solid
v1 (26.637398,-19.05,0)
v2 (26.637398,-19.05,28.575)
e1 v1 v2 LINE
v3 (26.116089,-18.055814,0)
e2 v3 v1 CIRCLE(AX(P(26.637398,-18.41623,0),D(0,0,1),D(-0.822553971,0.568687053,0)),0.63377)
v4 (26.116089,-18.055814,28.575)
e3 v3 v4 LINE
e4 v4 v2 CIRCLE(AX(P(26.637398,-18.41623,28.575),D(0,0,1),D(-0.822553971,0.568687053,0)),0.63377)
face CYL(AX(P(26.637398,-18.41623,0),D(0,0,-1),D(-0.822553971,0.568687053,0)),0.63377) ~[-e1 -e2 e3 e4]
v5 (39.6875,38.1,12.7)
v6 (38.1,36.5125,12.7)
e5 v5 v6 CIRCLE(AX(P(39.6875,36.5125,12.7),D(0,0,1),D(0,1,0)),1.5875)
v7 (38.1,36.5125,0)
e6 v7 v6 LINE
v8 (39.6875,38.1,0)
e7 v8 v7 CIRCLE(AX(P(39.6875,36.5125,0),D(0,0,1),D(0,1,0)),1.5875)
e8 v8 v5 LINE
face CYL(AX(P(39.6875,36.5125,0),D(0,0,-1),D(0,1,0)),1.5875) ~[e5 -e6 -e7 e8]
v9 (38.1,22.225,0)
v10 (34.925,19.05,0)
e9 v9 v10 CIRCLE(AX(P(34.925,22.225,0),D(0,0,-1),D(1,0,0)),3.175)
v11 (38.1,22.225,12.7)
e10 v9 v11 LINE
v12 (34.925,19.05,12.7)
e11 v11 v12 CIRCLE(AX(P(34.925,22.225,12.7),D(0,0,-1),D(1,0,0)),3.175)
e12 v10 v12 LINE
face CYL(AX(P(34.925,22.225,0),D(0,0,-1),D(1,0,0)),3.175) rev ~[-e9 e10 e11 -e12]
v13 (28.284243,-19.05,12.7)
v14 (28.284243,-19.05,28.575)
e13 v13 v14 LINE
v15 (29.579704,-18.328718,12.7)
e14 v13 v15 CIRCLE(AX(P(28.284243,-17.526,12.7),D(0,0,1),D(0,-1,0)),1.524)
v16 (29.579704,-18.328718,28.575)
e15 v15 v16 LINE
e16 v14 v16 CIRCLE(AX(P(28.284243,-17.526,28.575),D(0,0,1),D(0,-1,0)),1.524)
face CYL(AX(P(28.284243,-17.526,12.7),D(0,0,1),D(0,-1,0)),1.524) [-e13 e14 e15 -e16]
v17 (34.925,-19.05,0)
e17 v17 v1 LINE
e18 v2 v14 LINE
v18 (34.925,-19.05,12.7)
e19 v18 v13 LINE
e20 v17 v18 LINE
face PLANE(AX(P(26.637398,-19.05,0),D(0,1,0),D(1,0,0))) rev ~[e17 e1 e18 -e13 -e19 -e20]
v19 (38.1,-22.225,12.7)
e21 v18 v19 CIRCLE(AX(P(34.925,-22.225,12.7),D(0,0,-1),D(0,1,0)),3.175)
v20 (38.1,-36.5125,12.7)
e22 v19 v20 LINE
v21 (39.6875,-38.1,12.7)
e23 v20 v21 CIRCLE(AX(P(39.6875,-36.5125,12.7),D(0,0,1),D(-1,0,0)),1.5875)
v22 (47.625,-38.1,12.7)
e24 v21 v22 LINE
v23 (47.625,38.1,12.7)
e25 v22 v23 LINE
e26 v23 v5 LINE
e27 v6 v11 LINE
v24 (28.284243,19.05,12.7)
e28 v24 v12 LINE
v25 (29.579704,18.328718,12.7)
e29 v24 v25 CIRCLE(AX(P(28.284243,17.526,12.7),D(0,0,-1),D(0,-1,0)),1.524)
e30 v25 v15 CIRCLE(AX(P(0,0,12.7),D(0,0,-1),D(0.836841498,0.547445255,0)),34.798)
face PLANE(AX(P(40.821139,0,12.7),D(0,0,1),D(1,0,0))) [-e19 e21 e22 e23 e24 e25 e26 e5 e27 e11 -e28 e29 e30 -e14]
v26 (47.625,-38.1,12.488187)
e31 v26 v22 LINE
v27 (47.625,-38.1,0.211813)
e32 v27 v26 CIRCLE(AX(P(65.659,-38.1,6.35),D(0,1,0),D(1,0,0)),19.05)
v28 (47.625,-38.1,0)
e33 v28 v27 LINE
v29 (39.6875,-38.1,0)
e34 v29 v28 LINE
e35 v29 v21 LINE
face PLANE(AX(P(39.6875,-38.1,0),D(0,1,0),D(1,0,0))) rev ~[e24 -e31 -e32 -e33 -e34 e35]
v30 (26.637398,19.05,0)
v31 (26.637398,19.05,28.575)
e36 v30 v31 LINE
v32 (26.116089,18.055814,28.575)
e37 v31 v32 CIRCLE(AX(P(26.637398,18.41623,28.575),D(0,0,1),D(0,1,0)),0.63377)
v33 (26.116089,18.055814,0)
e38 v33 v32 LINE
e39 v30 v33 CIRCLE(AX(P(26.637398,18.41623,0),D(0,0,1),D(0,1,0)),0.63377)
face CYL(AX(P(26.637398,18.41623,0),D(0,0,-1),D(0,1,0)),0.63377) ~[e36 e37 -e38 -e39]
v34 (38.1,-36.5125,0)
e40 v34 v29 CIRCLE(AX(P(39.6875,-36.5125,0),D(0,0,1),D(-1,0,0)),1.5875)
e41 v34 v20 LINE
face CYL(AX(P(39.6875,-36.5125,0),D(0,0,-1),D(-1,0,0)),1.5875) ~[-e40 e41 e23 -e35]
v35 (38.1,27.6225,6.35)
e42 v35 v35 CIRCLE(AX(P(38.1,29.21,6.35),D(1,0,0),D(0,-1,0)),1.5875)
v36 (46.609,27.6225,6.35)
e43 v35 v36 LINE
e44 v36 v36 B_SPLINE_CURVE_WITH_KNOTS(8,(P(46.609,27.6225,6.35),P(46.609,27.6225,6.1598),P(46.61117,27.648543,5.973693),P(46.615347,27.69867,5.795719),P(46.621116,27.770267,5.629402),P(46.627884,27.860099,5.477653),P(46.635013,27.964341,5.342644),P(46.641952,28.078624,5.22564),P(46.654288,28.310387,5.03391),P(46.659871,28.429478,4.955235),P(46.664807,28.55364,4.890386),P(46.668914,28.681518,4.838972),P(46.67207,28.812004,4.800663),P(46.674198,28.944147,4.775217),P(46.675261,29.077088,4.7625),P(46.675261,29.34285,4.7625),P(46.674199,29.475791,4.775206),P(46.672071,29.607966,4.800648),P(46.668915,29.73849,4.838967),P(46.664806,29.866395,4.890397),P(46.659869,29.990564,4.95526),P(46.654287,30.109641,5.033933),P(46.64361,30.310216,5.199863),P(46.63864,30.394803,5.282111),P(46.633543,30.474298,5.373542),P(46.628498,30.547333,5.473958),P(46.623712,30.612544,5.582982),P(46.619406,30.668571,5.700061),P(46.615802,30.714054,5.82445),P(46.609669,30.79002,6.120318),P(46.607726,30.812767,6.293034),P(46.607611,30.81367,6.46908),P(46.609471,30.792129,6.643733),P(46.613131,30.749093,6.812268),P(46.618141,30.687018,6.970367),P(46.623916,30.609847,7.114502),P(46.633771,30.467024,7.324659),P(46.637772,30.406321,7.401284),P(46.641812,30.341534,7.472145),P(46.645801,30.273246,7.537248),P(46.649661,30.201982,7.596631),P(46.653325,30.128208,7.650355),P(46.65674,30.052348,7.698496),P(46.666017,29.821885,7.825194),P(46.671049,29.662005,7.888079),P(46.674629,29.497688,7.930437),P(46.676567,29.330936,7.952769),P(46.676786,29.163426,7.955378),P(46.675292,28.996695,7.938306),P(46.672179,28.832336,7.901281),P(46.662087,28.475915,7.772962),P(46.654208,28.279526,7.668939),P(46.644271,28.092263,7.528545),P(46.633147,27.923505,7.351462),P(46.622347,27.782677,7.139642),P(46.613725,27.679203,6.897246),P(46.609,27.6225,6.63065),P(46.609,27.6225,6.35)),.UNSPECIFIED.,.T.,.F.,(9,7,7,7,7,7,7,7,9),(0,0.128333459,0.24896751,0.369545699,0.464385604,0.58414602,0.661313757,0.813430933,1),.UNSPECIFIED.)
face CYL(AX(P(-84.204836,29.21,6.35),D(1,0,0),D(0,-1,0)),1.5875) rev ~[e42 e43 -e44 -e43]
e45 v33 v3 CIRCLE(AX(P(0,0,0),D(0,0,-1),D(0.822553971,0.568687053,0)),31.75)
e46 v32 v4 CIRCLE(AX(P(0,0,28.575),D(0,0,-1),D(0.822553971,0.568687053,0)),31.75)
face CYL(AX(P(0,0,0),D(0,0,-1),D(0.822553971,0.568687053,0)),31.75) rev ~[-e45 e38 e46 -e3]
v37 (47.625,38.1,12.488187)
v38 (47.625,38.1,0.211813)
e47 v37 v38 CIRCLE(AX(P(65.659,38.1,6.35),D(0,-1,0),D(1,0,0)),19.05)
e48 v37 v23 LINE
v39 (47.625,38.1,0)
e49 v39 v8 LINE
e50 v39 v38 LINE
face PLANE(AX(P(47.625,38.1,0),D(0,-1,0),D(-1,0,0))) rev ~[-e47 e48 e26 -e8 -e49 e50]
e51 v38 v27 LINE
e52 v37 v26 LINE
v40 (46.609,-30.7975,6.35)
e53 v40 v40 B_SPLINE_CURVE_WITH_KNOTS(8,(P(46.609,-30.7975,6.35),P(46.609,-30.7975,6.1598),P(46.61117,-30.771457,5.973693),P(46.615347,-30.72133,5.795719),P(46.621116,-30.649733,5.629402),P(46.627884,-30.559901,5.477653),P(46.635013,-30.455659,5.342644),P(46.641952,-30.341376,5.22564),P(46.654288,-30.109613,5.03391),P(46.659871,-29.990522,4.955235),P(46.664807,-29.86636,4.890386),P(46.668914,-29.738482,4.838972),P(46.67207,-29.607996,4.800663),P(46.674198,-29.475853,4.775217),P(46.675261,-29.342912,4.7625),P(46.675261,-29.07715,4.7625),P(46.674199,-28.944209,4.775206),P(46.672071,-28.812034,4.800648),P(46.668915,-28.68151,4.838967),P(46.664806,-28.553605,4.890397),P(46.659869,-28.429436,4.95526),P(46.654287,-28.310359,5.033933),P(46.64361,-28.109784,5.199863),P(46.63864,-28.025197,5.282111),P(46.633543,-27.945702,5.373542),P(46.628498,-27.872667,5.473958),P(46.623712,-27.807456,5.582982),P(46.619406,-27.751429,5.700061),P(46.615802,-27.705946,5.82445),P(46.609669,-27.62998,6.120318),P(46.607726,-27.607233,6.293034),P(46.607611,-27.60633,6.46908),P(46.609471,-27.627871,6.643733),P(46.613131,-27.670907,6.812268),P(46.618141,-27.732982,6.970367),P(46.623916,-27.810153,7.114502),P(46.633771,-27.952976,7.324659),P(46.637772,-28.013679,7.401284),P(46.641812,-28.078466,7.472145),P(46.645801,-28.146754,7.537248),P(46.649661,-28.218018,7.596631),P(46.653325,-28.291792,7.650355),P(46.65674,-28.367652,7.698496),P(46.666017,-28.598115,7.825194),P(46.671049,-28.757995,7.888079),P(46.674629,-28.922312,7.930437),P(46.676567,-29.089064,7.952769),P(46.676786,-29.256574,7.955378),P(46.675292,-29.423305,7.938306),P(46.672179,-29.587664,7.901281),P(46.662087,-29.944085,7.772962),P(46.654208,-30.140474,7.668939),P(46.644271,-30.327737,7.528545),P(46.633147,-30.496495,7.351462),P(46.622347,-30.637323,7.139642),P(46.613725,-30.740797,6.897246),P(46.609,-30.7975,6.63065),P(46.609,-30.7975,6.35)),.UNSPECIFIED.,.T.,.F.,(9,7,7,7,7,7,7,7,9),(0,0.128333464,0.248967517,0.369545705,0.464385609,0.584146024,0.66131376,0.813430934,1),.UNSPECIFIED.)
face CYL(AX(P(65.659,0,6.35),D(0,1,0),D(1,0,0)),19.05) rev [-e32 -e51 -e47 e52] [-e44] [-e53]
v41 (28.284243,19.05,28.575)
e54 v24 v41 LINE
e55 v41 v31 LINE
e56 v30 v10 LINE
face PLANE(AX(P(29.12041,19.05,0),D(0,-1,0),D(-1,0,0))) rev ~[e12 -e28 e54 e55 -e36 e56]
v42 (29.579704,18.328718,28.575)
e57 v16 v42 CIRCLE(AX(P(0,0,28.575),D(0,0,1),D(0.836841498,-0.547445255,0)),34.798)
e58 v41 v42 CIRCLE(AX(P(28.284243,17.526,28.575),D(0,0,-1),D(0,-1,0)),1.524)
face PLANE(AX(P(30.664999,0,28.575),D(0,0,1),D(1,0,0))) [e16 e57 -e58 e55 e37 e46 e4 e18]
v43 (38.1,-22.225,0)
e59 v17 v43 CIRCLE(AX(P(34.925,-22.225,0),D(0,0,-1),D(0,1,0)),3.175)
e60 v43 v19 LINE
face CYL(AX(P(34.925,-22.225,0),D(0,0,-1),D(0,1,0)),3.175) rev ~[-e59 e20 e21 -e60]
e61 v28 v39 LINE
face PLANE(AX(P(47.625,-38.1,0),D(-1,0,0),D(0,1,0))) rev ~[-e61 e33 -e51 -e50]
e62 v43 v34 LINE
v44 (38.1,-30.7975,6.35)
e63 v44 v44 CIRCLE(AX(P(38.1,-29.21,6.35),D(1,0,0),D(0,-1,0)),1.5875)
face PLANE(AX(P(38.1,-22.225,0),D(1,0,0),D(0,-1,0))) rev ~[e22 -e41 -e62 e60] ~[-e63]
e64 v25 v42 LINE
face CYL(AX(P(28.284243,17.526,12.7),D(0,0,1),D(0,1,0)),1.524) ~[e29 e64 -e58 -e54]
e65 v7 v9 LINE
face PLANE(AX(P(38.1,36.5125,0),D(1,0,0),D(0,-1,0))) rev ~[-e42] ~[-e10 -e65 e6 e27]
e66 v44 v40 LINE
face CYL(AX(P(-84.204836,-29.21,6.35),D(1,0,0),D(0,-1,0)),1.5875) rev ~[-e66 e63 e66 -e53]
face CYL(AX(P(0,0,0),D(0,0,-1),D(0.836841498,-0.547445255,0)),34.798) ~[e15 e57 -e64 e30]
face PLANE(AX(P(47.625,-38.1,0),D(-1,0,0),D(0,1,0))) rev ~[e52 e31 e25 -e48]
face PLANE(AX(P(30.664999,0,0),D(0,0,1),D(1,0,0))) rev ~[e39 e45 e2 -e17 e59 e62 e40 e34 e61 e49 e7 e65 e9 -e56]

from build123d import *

# Parameters (mm, degrees)
F1_DEPTH      = 12.7
F3_DEPTH      = 28.575
F5_D          = 3.175
F6_D          = 3.175
F7_R          = 19.05
F8_DEPTH      = 46.99
F8_DEPTH_BACK = 44.196
F9_R          = 1.524
F10_R         = 1.524


with BuildPart() as f1:
    # F0 (on Top) → F1 (new body)
    with BuildSketch(Plane.XY):
        with BuildLine():
            ThreePointArc((29.1204104367, 19.05), (34.798, 0), (29.1204104367, -19.05))
            Line((29.1204104367, -19.05), (31.75, -19.05))
            Line((31.75, -19.05), (34.925, -19.05))
            ThreePointArc((34.925, -19.05), (37.1700640303, -19.9799359697), (38.1, -22.225))
            Line((38.1, -22.225), (38.1, -25.4))
            Line((38.1, -25.4), (38.1, -36.5125))
            ThreePointArc((38.1, -36.5125), (38.5649679849, -37.6350320151), (39.6875, -38.1))
            Line((39.6875, -38.1), (47.625, -38.1))
            Line((47.625, -38.1), (47.625, 38.1))
            Line((47.625, 38.1), (39.6875, 38.1))
            ThreePointArc((39.6875, 38.1), (38.5649679849, 37.6350320151), (38.1, 36.5125))
            Line((38.1, 36.5125), (38.1, 25.4))
            Line((38.1, 25.4), (38.1, 22.225))
            ThreePointArc((38.1, 22.225), (37.1700640303, 19.9799359697), (34.925, 19.05))
            Line((34.925, 19.05), (31.75, 19.05))
            Line((31.75, 19.05), (29.1204104367, 19.05))
        make_face()
    extrude(amount=F1_DEPTH)

    # F2 (on Top) → F3 (join)
    with BuildSketch(Plane.XY):
        with BuildLine():
            ThreePointArc((26.1160885863, 18.0558139377), (31.75, 0), (26.1160885863, -18.0558139377))
            ThreePointArc((26.1160885863, -18.0558139377), (26.0761118369, -18.7105456091), (26.6373982331, -19.05))
            Line((26.6373982331, -19.05), (29.1204104367, -19.05))
            ThreePointArc((29.1204104367, -19.05), (34.798, 0), (29.1204104367, 19.05))
            Line((29.1204104367, 19.05), (26.6373982331, 19.05))
            ThreePointArc((26.6373982331, 19.05), (26.0761118369, 18.7105456091), (26.1160885863, 18.0558139377))
        make_face()
    extrude(amount=F3_DEPTH)

    # F5 (through all)
    with Locations(Plane(origin=(0, 0, 0), x_dir=(0, 1, 0), z_dir=(-1, 0, 0))):
        with Locations((-29.21, -6.35)):
            Hole(F5_D / 2)

    # F6 (through all)
    with Locations(Plane(origin=(0, 0, 0), x_dir=(0, 1, 0), z_dir=(-1, 0, 0))):
        with Locations((29.21, -6.35)):
            Hole(F6_D / 2)

    # F7 (on Front) → F8 (cut, two sides)
    with BuildSketch(Plane.XZ) as f8_sk:
        with Locations((65.659, 6.35)):
            Circle(F7_R)
    extrude(amount=F8_DEPTH, mode=Mode.SUBTRACT)
    extrude(f8_sk.sketch, amount=-F8_DEPTH_BACK, mode=Mode.SUBTRACT)

    # F9
    f9_edges = [f1.edges().sort_by_distance(p)[0] for p in [
        (29.12041, 19.05, 20.6375),
    ]]
    fillet(f9_edges, radius=F9_R)

    # F10
    f10_edges = [f1.edges().sort_by_distance(p)[0] for p in [
        (29.12041, -19.05, 20.6375),
    ]]
    fillet(f10_edges, radius=F10_R)


solid = f1.part
